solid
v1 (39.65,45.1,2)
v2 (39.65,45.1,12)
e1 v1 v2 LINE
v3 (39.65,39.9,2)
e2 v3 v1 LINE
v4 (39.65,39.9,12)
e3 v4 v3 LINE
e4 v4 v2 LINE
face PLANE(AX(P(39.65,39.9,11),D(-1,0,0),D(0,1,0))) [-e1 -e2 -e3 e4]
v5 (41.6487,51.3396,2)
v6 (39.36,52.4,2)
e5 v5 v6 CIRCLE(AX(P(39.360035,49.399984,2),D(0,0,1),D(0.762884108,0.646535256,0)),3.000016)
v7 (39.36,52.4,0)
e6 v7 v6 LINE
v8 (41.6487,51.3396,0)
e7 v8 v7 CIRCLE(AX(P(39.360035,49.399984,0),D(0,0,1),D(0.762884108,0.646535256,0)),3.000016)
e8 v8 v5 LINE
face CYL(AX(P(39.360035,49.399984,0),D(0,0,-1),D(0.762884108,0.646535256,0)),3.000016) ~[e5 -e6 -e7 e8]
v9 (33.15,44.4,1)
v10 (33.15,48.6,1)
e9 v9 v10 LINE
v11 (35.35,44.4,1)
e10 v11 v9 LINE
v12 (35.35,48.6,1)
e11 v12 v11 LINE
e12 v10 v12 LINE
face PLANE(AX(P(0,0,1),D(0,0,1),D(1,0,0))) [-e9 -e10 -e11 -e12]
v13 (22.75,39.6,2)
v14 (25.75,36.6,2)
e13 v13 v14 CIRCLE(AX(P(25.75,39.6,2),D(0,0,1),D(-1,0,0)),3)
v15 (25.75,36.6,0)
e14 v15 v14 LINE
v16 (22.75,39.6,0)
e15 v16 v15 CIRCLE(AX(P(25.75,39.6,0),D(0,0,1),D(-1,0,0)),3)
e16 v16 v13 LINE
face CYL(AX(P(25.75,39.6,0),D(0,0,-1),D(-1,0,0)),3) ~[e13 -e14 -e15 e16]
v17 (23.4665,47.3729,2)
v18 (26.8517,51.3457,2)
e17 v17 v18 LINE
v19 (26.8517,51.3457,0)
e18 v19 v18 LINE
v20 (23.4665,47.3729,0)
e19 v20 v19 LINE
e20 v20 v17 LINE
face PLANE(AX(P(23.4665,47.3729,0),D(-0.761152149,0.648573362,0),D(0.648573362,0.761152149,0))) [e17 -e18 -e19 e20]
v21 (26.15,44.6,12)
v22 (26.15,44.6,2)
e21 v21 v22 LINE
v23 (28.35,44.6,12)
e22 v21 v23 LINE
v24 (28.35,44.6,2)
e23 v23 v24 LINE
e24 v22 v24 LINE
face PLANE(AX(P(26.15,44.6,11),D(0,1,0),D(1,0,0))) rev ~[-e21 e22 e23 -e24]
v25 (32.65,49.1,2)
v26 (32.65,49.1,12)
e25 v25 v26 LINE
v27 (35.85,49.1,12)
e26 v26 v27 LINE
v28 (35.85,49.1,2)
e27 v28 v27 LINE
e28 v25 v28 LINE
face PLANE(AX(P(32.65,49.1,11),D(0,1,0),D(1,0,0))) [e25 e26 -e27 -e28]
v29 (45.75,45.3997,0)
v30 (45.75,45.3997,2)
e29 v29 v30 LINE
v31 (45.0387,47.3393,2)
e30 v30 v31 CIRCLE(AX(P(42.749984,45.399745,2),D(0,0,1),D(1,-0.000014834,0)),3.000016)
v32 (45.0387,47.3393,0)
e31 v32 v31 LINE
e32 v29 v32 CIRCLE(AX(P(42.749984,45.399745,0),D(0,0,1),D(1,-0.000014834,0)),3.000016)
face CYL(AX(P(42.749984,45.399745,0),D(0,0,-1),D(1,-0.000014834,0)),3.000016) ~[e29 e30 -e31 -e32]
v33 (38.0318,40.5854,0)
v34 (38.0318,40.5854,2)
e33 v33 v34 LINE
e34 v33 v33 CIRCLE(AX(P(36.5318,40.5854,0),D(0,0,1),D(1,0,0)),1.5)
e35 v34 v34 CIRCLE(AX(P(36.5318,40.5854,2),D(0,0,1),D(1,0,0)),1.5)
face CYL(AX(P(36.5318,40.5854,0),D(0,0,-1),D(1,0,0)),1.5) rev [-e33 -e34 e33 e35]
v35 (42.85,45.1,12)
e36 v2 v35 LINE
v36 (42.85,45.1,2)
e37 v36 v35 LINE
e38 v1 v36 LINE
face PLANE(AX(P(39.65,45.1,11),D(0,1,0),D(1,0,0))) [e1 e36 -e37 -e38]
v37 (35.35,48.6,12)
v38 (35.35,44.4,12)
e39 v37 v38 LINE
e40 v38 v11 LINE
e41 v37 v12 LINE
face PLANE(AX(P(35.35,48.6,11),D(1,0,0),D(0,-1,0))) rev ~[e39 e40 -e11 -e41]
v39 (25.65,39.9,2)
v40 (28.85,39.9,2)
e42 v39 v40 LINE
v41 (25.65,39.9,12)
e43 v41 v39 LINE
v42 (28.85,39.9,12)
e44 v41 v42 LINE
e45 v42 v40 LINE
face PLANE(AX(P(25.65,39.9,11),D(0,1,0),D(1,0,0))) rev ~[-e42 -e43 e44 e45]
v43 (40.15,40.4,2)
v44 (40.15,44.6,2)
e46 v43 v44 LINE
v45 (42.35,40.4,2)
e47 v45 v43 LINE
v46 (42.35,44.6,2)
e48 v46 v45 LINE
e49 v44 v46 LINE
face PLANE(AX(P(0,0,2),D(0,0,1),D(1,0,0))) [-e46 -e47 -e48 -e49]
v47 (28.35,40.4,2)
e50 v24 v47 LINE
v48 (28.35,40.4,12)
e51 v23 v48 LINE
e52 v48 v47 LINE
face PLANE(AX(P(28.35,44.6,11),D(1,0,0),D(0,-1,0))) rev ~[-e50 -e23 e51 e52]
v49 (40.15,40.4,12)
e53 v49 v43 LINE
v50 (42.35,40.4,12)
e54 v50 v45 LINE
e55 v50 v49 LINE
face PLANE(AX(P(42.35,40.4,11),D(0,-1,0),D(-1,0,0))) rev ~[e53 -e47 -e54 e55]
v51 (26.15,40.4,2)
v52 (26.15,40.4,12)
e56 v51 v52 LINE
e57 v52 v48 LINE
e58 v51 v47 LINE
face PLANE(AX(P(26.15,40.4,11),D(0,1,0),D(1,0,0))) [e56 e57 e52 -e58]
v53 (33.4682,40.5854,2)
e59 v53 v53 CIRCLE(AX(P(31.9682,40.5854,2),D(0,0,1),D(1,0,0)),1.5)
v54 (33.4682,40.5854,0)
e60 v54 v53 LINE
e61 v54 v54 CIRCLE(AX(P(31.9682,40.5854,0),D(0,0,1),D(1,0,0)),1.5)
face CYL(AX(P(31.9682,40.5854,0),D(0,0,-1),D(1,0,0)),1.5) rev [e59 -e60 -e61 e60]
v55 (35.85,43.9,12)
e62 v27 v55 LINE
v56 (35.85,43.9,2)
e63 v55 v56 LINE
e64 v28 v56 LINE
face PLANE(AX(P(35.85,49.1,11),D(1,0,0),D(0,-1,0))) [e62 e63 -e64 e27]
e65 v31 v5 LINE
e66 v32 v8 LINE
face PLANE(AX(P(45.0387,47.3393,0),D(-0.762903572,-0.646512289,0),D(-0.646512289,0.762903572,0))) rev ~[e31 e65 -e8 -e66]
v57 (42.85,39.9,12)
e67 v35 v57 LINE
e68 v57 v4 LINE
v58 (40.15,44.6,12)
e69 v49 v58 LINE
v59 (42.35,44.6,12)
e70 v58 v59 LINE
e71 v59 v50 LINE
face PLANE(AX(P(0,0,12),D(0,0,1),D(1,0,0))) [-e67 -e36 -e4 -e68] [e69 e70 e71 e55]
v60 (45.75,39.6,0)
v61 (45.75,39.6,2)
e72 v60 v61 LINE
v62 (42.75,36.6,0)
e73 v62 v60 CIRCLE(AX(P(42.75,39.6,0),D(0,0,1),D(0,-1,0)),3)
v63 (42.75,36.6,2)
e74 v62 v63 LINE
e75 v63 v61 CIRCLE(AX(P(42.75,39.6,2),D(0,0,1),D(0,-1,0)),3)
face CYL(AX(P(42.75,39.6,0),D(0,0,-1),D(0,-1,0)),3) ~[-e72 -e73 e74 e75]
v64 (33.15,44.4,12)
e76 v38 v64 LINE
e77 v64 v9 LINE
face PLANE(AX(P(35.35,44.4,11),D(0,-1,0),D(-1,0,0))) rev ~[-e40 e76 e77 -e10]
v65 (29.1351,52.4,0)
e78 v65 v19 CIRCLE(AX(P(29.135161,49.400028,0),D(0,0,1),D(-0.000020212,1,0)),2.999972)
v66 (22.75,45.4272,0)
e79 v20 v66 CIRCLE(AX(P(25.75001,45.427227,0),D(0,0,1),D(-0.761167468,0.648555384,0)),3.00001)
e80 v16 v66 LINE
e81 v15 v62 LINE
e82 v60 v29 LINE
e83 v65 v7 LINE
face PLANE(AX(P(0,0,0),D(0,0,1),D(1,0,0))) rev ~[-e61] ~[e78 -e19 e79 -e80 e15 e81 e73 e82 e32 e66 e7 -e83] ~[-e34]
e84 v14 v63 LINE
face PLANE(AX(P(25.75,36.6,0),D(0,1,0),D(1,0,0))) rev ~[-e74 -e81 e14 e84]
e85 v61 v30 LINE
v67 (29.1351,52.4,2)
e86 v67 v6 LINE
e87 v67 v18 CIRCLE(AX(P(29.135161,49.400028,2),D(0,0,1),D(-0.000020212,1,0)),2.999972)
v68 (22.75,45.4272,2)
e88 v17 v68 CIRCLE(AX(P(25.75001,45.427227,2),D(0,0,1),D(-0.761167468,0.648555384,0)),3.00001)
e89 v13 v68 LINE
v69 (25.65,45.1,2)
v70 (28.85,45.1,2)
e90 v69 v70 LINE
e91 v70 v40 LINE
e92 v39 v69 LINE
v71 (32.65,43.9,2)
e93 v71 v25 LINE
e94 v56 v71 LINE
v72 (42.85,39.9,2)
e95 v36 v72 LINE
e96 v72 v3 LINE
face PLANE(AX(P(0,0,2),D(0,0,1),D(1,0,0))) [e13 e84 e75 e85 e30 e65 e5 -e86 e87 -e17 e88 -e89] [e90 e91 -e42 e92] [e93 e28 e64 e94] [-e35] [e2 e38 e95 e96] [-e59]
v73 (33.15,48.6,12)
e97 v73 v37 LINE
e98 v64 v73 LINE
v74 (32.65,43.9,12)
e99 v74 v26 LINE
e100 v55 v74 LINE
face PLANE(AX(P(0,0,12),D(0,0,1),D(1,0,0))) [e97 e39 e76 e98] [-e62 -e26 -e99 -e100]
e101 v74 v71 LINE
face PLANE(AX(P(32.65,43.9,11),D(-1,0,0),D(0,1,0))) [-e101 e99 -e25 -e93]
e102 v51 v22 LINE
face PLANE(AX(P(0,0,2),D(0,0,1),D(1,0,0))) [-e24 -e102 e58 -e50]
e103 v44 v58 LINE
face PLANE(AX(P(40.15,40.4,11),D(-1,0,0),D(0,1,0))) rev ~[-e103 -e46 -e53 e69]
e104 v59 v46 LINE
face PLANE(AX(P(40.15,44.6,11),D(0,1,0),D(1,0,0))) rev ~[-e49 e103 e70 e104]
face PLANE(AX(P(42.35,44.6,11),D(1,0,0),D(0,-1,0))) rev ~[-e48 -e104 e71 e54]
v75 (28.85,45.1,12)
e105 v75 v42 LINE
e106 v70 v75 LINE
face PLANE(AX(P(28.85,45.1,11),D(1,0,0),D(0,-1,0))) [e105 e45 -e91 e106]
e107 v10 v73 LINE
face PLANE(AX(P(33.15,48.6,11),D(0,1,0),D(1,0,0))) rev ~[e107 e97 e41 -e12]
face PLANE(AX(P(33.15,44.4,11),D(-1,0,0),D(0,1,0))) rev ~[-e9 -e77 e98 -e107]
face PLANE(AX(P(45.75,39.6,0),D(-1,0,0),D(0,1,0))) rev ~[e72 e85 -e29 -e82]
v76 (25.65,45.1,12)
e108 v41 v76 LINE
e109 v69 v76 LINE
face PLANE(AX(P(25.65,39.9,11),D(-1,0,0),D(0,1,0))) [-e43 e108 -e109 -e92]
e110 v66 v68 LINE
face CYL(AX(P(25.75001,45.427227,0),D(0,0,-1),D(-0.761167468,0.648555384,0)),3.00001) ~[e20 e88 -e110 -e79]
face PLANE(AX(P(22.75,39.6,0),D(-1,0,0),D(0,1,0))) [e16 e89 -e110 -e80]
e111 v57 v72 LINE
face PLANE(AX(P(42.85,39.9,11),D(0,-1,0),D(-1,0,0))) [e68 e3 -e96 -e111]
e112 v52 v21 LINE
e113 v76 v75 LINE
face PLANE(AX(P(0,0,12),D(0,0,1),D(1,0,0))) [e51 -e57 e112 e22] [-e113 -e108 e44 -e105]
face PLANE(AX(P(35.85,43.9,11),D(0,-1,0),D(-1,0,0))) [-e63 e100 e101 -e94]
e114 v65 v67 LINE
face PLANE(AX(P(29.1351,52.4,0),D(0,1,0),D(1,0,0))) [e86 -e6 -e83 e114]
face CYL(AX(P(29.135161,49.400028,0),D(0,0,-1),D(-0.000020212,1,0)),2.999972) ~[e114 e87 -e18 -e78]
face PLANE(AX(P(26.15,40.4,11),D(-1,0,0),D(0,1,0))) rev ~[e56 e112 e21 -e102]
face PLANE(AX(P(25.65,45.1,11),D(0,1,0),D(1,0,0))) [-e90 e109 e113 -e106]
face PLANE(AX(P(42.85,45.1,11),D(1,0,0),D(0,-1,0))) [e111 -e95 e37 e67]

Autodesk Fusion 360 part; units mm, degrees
sketch "Sketch1" plane through (0, 0, 0) normal (0, 0, 1) x (1, 0, 0)
  line L0 (25.75, 36.6) -> (42.75, 36.6)
  line L1 (40.15, 44.6) -> (42.35, 44.6)
  line L2 (42.35, 44.6) -> (42.35, 40.4)
  line L3 (42.35, 40.4) -> (40.15, 40.4)
  line L4 (40.15, 40.4) -> (40.15, 44.6)
  line L5 (26.15, 40.4) -> (26.15, 44.6)
  line L6 (28.35, 44.6) -> (28.35, 40.4)
  line L7 (26.15, 44.6) -> (28.35, 44.6)
  line L8 (26.15, 40.4) -> (28.35, 40.4)
  line L9 (33.15, 48.6) -> (35.35, 48.6)
  line L10 (35.35, 48.6) -> (35.35, 44.4)
  line L11 (35.35, 44.4) -> (33.15, 44.4)
  line L12 (33.15, 44.4) -> (33.15, 48.6)
  line L13 (29.1351, 52.4) -> (39.36, 52.4)
  line L14 (22.75, 39.6) -> (22.75, 45.4272)
  line L15 (45.75, 39.6) -> (45.75, 45.3997)
  arc A0 (22.75, 39.6) -> (25.75, 36.6) centre (25.75, 39.6) ccw
  arc A1 (42.75, 36.6) -> (45.75, 39.6) centre (42.75, 39.6) ccw
  circle A2 centre (36.5318, 40.5854) radius 1.5
  circle A3 centre (31.9682, 40.5854) radius 1.5
  line L16 (23.4665, 47.3729) -> (26.8517, 51.3457)
  line L17 (45.0387, 47.3393) -> (41.6487, 51.3396)
  arc A4 (23.4665, 47.3729) -> (22.75, 45.4272) centre (25.75, 45.4272) ccw
  arc A5 (29.1351, 52.4) -> (26.8517, 51.3457) centre (29.1351, 49.4) ccw
  arc A6 (41.6487, 51.3396) -> (39.36, 52.4) centre (39.36, 49.4) ccw
  arc A7 (45.75, 45.3997) -> (45.0387, 47.3393) centre (42.75, 45.3997) ccw
  line L18 (28.85, 45.1) -> (28.85, 39.9)
  line L19 (25.65, 39.9) -> (28.85, 39.9)
  line L20 (25.65, 39.9) -> (25.65, 45.1)
  line L21 (25.65, 45.1) -> (28.85, 45.1)
  line L22 (35.85, 49.1) -> (35.85, 43.9)
  line L23 (35.85, 43.9) -> (32.65, 43.9)
  line L24 (32.65, 43.9) -> (32.65, 49.1)
  line L25 (32.65, 49.1) -> (35.85, 49.1)
  line L26 (42.85, 45.1) -> (42.85, 39.9)
  line L27 (42.85, 39.9) -> (39.65, 39.9)
  line L28 (39.65, 39.9) -> (39.65, 45.1)
  line L29 (39.65, 45.1) -> (42.85, 45.1)
  point P0 (22.75, 36.6)
  point P1 (45.75, 36.6)
  point P2 (27.75, 52.4)
  point P3 (40.75, 52.4)
  dimension "d1" = 23
  dimension "d22" = 13
  dimension "d29" = 3
  dimension "d31" = 3
  dimension "d32" = 3
  dimension "d34" = 3
  dimension "d35" = -0.5
  dimension "d36" = -0.5
  dimension "d37" = -0.5
extrude "Extrude1" add sketch "Sketch1" along normal blind 2 makes body 1 at (26.8833, 41.8, 0) makes body 2 at (33.8833, 47.2, 0) makes body 3 at (29.4506, 48.5152, 0) makes body 4 at (40.8833, 41.8, 0)
extrude "Extrude2" add sketch "Sketch1" along normal blind 11 contours L18 L19 L20 L21 | L22 L23 L24 L25 | L26 L27 L28 L29 bodies 1 2 3 4
extrude "Extrude5" add 1 faces at (25.8167, 43.2, 11) along direction (0, 0, 1) blind 1 on bodies 1 bodies 1
extrude "Extrude6" add 1 faces at (32.8167, 47.2, 11) along direction (0, 0, 1) blind 1 on bodies 1 bodies 1
extrude "Extrude7" add 1 faces at (42.6833, 41.8, 11) along direction (0, 0, 1) blind 1 on bodies 1 bodies 1
extrude "Extrude10" cut 1 faces at (33.8833, 47.2, 2) along direction (0, 0, -1) blind 1 on bodies 1 bodies 1
extrude "Extrude8" [suppressed]
extrude "Extrude3" [suppressed]
